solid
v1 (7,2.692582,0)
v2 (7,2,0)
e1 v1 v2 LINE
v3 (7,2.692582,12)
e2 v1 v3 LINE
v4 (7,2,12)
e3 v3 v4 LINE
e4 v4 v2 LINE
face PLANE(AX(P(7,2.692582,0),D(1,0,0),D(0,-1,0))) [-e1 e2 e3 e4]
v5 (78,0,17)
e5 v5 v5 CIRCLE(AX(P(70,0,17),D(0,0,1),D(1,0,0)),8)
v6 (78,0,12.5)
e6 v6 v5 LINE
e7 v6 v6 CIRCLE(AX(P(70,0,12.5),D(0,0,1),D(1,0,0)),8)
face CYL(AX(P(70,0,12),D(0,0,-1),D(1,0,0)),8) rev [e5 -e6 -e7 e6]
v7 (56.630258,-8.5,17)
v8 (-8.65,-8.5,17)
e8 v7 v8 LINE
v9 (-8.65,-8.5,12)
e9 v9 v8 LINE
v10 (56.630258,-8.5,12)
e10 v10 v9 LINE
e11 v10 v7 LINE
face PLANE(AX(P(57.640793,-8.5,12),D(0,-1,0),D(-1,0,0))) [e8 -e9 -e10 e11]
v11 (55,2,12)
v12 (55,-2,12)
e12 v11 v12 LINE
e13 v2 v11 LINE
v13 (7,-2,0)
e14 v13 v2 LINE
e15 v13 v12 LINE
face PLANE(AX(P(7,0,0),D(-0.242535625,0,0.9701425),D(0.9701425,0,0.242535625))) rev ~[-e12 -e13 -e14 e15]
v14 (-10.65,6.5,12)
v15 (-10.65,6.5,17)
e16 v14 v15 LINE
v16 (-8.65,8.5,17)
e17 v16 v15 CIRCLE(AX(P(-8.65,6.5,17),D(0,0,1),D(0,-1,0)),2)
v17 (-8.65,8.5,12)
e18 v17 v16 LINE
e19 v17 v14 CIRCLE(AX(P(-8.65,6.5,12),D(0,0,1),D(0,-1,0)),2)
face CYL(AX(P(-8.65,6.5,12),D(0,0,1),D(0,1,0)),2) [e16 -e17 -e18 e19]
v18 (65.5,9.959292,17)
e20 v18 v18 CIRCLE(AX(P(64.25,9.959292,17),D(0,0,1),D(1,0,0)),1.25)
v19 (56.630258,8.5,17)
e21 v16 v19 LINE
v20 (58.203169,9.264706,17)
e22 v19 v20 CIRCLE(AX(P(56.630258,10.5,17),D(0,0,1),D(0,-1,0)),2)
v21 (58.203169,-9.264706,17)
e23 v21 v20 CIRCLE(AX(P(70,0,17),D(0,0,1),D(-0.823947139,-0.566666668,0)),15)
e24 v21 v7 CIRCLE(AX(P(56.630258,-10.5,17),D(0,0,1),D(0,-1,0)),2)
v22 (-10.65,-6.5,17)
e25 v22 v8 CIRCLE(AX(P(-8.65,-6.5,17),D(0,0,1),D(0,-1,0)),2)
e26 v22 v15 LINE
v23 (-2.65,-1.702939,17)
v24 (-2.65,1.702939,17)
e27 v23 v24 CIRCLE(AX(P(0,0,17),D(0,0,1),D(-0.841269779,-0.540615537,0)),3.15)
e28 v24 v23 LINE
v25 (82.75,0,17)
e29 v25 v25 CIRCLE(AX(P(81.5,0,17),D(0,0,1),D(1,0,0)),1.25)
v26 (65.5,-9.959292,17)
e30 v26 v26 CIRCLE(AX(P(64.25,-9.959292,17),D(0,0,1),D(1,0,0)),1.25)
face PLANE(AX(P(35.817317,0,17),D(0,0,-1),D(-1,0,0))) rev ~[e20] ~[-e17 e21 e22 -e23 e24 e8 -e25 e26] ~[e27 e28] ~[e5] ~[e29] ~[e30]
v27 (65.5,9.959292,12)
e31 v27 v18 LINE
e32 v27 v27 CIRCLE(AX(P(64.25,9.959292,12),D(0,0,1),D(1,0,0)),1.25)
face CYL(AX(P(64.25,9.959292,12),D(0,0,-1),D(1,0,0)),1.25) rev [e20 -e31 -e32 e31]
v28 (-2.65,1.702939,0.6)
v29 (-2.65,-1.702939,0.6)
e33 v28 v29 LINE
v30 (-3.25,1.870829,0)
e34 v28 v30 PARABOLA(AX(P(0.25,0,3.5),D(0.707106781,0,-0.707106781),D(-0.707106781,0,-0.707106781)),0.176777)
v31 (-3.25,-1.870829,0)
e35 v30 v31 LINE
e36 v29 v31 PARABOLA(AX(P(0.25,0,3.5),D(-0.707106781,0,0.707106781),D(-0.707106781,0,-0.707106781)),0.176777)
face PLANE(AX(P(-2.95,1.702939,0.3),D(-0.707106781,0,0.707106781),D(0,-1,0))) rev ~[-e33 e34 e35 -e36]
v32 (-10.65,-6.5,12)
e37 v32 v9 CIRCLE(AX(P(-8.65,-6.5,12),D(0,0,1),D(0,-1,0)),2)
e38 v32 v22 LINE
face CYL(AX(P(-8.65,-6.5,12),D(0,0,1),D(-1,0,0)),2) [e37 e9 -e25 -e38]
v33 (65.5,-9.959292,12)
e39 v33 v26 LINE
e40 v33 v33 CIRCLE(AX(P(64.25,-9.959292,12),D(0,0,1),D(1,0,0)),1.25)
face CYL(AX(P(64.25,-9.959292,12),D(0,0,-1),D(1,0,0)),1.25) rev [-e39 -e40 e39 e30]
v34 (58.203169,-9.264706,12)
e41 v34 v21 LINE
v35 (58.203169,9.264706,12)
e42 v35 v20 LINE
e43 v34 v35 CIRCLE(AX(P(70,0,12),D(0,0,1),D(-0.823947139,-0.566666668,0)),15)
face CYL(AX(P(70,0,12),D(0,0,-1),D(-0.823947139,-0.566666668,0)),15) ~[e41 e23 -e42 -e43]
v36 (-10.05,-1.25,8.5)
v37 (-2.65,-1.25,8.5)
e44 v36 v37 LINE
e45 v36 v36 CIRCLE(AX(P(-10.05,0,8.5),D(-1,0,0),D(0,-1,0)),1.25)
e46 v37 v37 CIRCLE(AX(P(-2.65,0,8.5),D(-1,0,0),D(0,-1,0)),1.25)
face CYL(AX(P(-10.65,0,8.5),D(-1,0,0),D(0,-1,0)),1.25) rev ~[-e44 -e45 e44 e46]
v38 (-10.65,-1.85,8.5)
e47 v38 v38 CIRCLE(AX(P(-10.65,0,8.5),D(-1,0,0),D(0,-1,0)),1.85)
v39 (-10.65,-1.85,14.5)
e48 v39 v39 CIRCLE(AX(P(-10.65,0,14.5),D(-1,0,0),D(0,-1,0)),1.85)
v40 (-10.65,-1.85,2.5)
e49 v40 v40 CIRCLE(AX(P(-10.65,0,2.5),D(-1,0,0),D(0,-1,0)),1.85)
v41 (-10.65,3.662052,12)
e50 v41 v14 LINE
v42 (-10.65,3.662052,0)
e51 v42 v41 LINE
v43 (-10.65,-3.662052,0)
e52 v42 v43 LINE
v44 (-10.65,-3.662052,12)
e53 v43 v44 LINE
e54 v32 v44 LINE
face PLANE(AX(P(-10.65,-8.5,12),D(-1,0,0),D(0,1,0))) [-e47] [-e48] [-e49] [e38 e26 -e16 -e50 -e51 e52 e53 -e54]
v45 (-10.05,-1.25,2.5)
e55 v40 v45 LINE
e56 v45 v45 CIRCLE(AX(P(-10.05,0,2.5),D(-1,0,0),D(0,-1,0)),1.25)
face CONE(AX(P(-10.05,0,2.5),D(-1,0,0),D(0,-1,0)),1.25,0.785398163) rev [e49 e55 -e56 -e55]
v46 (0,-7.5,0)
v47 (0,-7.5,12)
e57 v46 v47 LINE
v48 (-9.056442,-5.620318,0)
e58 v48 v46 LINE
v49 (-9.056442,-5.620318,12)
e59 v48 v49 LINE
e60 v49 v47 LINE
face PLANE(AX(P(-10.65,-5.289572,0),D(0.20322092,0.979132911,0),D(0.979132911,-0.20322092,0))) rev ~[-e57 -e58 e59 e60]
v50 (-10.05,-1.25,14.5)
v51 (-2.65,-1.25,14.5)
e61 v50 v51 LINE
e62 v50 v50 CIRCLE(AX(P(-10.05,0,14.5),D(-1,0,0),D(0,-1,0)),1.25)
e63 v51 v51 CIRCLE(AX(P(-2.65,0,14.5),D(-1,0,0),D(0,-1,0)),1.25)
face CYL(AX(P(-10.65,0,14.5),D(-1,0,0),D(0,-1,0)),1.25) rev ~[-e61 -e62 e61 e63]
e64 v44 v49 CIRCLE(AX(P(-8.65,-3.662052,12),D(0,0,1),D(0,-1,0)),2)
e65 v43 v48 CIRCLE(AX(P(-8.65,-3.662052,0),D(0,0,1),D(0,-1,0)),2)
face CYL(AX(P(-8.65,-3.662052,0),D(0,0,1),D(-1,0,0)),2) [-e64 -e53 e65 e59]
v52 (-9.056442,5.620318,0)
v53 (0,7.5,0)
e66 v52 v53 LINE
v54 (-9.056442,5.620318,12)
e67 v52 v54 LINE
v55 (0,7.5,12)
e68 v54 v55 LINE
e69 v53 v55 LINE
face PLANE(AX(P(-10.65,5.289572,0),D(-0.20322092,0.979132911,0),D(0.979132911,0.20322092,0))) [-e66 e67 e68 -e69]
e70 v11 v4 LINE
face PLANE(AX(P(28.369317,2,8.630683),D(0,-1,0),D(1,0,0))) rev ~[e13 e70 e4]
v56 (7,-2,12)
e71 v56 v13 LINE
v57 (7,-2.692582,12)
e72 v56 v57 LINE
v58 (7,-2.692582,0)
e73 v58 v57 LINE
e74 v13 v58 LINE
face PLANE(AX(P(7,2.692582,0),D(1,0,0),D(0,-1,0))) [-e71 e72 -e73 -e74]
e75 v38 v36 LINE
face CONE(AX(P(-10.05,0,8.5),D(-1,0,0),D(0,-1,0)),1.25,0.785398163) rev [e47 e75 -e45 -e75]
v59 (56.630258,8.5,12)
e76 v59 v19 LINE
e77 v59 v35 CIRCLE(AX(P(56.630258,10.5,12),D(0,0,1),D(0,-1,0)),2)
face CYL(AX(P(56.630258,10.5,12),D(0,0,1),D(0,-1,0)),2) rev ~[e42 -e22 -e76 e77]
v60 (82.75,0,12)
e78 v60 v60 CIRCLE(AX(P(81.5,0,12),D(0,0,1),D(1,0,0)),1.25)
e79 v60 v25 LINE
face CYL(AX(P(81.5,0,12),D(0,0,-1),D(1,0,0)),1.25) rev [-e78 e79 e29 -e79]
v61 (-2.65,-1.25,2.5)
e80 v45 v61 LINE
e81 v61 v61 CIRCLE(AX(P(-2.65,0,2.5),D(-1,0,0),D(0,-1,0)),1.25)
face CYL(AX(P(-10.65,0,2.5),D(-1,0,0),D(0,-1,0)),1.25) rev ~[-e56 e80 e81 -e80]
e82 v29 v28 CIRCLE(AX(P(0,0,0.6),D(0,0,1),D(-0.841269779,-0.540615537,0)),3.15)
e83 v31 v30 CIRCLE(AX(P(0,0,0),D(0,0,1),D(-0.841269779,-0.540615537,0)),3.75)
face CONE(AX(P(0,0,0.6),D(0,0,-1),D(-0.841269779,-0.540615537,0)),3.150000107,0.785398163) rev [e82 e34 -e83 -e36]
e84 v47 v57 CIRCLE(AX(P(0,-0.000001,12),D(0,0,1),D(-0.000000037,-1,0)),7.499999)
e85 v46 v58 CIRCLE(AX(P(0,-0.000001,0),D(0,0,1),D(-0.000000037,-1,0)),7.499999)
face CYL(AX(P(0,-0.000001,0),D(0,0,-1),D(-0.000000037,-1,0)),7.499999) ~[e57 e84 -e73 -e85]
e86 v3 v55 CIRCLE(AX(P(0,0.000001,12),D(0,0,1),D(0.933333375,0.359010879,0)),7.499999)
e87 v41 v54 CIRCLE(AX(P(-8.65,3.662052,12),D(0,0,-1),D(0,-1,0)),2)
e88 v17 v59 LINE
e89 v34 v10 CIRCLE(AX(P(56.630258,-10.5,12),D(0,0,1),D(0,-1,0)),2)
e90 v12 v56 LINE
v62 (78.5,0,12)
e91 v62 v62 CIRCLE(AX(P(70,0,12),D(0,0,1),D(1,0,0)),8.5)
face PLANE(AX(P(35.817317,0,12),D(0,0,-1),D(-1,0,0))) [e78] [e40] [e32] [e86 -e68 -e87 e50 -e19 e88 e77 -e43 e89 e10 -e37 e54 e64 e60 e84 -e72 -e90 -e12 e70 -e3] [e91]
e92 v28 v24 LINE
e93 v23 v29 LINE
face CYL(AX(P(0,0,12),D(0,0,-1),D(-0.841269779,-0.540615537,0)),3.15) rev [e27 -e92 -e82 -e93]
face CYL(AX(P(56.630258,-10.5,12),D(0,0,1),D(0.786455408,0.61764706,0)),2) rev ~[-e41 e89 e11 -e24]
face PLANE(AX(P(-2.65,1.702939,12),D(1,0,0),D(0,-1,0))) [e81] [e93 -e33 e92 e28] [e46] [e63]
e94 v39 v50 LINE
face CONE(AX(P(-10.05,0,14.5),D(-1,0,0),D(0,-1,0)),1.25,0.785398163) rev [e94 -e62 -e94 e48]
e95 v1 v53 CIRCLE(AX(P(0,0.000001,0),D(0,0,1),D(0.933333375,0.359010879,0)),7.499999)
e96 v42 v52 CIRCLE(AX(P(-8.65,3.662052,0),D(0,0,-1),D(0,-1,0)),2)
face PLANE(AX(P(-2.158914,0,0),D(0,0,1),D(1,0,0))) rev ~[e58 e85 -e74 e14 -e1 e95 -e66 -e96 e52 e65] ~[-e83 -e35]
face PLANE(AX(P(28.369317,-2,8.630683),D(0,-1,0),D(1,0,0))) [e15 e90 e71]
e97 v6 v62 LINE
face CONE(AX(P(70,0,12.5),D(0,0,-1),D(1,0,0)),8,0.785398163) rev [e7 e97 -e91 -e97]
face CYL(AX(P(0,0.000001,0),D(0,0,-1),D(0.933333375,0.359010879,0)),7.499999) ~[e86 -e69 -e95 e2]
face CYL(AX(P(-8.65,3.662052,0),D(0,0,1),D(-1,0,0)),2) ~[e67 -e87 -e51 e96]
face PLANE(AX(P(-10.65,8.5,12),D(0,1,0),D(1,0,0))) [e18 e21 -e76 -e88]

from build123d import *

# Parameters (mm, degrees)
PAD_DEPTH       = 12
SKETCH004_R     = 8
SKETCH004_R_2   = 1.25
PAD001_DEPTH    = 5
SKETCH005_R     = 1.25
POCKET_DEPTH    = 8
PAD002_DEPTH    = 2
FILLET_R        = 2
CHAMFER_SIZE    = 0.6
CHAMFER001_SIZE = 0.5
FILLET001_R     = 2
FILLET002_R     = 2
CHAMFER002_SIZE = 0.6


with BuildPart() as part:
    # Sketch002 → Pad (new body)
    with BuildSketch(Plane.XY):
        with BuildLine():
            ThreePointArc((0, -7.5), (4.245918, -6.182409), (7, -2.692582))
            Line((7, 2.692582), (7, -2.692582))
            ThreePointArc((7, 2.692582), (4.245918, 6.182409), (0, 7.5))
            Line((-10.65, 5.289572), (0, 7.5))
            Line((-10.65, 5.289572), (-10.65, -5.289572))
            Line((-10.65, -5.289572), (0, -7.5))
        make_face()
        with BuildLine():
            ThreePointArc((-2.65, -1.702939), (3.15, 0), (-2.65, 1.702939))
            Line((-2.65, 1.702939), (-2.65, -1.702939))
        make_face(mode=Mode.SUBTRACT)
    extrude(amount=PAD_DEPTH)

    # Sketch004 → Pad001 (join)
    with BuildSketch(Plane.XY.offset(12)):
        with BuildLine():
            Line((-10.65, 8.5), (57.640793, 8.5))
            ThreePointArc((57.640793, -8.5), (85, 0), (57.640793, 8.5))
            Line((57.640793, -8.5), (-10.65, -8.5))
            Line((-10.65, -8.5), (-10.65, 8.5))
        make_face()
        with Locations((70, 0)):
            Circle(SKETCH004_R, mode=Mode.SUBTRACT)
        with Locations((64.25, 9.959292)):
            Circle(SKETCH004_R_2, mode=Mode.SUBTRACT)
        with Locations((81.5, 0)):
            Circle(SKETCH004_R_2, mode=Mode.SUBTRACT)
        with Locations((64.25, -9.959292)):
            Circle(SKETCH004_R_2, mode=Mode.SUBTRACT)
        with BuildLine():
            ThreePointArc((-2.65, -1.702939), (3.15, 0), (-2.65, 1.702939))
            Line((-2.65, 1.702939), (-2.65, -1.702939))
        make_face(mode=Mode.SUBTRACT)
    extrude(amount=PAD001_DEPTH)

    # Sketch005 (on Face1 of Pad001) → Pocket (cut)
    with BuildSketch(Plane(origin=(-10.65, 0, 0), x_dir=(0, -1, 0), z_dir=(-1, 0, 0))):
        with Locations((0, 14.5)):
            Circle(SKETCH005_R)
        with Locations((0, 8.5)):
            Circle(SKETCH005_R)
        with Locations((0, 2.5)):
            Circle(SKETCH005_R)
    extrude(amount=-POCKET_DEPTH, mode=Mode.SUBTRACT)

    # Sketch006 (on Face16 of Pocket) → Pad002 (join, symmetric)
    with BuildSketch(Plane(origin=(0, 0, 0), x_dir=(-1, 0, 0), z_dir=(0, 1, 0))):
        Polygon((-7, 0), (-55, 12), (-7, 12), align=None)
    extrude(amount=PAD002_DEPTH, both=True)

    # Fillet
    fillet_edges = [part.edges().sort_by_distance(p)[0] for p in [
        (-10.65, 8.5, 14.5),
        (-10.65, 5.289572, 6),
        (-10.65, -5.289572, 6),
        (-10.65, -8.5, 14.5),
    ]]
    fillet(fillet_edges, radius=FILLET_R)

    # Chamfer
    chamfer_edges = [part.edges().sort_by_distance(p)[0] for p in [
        (3.15, 0, 0),
        (-2.65, 0, 0),
    ]]
    chamfer(chamfer_edges, length=CHAMFER_SIZE)

    # Chamfer001
    chamfer001_edges = [part.edges().sort_by_distance(p)[0] for p in [
        (62, 0, 12),
    ]]
    chamfer(chamfer001_edges, length=CHAMFER001_SIZE)

    # Fillet001
    fillet001_edges = [part.edges().sort_by_distance(p)[0] for p in [
        (57.640793, 8.5, 14.5),
    ]]
    fillet(fillet001_edges, radius=FILLET001_R)

    # Fillet002
    fillet002_edges = [part.edges().sort_by_distance(p)[0] for p in [
        (57.640793, -8.5, 14.5),
    ]]
    fillet(fillet002_edges, radius=FILLET002_R)

    # Chamfer002
    chamfer002_edges = [part.edges().sort_by_distance(p)[0] for p in [
        (-10.65, 1.25, 2.5),
        (-10.65, 1.25, 8.5),
        (-10.65, 1.25, 14.5),
    ]]
    chamfer(chamfer002_edges, length=CHAMFER002_SIZE)


solid = part.part
